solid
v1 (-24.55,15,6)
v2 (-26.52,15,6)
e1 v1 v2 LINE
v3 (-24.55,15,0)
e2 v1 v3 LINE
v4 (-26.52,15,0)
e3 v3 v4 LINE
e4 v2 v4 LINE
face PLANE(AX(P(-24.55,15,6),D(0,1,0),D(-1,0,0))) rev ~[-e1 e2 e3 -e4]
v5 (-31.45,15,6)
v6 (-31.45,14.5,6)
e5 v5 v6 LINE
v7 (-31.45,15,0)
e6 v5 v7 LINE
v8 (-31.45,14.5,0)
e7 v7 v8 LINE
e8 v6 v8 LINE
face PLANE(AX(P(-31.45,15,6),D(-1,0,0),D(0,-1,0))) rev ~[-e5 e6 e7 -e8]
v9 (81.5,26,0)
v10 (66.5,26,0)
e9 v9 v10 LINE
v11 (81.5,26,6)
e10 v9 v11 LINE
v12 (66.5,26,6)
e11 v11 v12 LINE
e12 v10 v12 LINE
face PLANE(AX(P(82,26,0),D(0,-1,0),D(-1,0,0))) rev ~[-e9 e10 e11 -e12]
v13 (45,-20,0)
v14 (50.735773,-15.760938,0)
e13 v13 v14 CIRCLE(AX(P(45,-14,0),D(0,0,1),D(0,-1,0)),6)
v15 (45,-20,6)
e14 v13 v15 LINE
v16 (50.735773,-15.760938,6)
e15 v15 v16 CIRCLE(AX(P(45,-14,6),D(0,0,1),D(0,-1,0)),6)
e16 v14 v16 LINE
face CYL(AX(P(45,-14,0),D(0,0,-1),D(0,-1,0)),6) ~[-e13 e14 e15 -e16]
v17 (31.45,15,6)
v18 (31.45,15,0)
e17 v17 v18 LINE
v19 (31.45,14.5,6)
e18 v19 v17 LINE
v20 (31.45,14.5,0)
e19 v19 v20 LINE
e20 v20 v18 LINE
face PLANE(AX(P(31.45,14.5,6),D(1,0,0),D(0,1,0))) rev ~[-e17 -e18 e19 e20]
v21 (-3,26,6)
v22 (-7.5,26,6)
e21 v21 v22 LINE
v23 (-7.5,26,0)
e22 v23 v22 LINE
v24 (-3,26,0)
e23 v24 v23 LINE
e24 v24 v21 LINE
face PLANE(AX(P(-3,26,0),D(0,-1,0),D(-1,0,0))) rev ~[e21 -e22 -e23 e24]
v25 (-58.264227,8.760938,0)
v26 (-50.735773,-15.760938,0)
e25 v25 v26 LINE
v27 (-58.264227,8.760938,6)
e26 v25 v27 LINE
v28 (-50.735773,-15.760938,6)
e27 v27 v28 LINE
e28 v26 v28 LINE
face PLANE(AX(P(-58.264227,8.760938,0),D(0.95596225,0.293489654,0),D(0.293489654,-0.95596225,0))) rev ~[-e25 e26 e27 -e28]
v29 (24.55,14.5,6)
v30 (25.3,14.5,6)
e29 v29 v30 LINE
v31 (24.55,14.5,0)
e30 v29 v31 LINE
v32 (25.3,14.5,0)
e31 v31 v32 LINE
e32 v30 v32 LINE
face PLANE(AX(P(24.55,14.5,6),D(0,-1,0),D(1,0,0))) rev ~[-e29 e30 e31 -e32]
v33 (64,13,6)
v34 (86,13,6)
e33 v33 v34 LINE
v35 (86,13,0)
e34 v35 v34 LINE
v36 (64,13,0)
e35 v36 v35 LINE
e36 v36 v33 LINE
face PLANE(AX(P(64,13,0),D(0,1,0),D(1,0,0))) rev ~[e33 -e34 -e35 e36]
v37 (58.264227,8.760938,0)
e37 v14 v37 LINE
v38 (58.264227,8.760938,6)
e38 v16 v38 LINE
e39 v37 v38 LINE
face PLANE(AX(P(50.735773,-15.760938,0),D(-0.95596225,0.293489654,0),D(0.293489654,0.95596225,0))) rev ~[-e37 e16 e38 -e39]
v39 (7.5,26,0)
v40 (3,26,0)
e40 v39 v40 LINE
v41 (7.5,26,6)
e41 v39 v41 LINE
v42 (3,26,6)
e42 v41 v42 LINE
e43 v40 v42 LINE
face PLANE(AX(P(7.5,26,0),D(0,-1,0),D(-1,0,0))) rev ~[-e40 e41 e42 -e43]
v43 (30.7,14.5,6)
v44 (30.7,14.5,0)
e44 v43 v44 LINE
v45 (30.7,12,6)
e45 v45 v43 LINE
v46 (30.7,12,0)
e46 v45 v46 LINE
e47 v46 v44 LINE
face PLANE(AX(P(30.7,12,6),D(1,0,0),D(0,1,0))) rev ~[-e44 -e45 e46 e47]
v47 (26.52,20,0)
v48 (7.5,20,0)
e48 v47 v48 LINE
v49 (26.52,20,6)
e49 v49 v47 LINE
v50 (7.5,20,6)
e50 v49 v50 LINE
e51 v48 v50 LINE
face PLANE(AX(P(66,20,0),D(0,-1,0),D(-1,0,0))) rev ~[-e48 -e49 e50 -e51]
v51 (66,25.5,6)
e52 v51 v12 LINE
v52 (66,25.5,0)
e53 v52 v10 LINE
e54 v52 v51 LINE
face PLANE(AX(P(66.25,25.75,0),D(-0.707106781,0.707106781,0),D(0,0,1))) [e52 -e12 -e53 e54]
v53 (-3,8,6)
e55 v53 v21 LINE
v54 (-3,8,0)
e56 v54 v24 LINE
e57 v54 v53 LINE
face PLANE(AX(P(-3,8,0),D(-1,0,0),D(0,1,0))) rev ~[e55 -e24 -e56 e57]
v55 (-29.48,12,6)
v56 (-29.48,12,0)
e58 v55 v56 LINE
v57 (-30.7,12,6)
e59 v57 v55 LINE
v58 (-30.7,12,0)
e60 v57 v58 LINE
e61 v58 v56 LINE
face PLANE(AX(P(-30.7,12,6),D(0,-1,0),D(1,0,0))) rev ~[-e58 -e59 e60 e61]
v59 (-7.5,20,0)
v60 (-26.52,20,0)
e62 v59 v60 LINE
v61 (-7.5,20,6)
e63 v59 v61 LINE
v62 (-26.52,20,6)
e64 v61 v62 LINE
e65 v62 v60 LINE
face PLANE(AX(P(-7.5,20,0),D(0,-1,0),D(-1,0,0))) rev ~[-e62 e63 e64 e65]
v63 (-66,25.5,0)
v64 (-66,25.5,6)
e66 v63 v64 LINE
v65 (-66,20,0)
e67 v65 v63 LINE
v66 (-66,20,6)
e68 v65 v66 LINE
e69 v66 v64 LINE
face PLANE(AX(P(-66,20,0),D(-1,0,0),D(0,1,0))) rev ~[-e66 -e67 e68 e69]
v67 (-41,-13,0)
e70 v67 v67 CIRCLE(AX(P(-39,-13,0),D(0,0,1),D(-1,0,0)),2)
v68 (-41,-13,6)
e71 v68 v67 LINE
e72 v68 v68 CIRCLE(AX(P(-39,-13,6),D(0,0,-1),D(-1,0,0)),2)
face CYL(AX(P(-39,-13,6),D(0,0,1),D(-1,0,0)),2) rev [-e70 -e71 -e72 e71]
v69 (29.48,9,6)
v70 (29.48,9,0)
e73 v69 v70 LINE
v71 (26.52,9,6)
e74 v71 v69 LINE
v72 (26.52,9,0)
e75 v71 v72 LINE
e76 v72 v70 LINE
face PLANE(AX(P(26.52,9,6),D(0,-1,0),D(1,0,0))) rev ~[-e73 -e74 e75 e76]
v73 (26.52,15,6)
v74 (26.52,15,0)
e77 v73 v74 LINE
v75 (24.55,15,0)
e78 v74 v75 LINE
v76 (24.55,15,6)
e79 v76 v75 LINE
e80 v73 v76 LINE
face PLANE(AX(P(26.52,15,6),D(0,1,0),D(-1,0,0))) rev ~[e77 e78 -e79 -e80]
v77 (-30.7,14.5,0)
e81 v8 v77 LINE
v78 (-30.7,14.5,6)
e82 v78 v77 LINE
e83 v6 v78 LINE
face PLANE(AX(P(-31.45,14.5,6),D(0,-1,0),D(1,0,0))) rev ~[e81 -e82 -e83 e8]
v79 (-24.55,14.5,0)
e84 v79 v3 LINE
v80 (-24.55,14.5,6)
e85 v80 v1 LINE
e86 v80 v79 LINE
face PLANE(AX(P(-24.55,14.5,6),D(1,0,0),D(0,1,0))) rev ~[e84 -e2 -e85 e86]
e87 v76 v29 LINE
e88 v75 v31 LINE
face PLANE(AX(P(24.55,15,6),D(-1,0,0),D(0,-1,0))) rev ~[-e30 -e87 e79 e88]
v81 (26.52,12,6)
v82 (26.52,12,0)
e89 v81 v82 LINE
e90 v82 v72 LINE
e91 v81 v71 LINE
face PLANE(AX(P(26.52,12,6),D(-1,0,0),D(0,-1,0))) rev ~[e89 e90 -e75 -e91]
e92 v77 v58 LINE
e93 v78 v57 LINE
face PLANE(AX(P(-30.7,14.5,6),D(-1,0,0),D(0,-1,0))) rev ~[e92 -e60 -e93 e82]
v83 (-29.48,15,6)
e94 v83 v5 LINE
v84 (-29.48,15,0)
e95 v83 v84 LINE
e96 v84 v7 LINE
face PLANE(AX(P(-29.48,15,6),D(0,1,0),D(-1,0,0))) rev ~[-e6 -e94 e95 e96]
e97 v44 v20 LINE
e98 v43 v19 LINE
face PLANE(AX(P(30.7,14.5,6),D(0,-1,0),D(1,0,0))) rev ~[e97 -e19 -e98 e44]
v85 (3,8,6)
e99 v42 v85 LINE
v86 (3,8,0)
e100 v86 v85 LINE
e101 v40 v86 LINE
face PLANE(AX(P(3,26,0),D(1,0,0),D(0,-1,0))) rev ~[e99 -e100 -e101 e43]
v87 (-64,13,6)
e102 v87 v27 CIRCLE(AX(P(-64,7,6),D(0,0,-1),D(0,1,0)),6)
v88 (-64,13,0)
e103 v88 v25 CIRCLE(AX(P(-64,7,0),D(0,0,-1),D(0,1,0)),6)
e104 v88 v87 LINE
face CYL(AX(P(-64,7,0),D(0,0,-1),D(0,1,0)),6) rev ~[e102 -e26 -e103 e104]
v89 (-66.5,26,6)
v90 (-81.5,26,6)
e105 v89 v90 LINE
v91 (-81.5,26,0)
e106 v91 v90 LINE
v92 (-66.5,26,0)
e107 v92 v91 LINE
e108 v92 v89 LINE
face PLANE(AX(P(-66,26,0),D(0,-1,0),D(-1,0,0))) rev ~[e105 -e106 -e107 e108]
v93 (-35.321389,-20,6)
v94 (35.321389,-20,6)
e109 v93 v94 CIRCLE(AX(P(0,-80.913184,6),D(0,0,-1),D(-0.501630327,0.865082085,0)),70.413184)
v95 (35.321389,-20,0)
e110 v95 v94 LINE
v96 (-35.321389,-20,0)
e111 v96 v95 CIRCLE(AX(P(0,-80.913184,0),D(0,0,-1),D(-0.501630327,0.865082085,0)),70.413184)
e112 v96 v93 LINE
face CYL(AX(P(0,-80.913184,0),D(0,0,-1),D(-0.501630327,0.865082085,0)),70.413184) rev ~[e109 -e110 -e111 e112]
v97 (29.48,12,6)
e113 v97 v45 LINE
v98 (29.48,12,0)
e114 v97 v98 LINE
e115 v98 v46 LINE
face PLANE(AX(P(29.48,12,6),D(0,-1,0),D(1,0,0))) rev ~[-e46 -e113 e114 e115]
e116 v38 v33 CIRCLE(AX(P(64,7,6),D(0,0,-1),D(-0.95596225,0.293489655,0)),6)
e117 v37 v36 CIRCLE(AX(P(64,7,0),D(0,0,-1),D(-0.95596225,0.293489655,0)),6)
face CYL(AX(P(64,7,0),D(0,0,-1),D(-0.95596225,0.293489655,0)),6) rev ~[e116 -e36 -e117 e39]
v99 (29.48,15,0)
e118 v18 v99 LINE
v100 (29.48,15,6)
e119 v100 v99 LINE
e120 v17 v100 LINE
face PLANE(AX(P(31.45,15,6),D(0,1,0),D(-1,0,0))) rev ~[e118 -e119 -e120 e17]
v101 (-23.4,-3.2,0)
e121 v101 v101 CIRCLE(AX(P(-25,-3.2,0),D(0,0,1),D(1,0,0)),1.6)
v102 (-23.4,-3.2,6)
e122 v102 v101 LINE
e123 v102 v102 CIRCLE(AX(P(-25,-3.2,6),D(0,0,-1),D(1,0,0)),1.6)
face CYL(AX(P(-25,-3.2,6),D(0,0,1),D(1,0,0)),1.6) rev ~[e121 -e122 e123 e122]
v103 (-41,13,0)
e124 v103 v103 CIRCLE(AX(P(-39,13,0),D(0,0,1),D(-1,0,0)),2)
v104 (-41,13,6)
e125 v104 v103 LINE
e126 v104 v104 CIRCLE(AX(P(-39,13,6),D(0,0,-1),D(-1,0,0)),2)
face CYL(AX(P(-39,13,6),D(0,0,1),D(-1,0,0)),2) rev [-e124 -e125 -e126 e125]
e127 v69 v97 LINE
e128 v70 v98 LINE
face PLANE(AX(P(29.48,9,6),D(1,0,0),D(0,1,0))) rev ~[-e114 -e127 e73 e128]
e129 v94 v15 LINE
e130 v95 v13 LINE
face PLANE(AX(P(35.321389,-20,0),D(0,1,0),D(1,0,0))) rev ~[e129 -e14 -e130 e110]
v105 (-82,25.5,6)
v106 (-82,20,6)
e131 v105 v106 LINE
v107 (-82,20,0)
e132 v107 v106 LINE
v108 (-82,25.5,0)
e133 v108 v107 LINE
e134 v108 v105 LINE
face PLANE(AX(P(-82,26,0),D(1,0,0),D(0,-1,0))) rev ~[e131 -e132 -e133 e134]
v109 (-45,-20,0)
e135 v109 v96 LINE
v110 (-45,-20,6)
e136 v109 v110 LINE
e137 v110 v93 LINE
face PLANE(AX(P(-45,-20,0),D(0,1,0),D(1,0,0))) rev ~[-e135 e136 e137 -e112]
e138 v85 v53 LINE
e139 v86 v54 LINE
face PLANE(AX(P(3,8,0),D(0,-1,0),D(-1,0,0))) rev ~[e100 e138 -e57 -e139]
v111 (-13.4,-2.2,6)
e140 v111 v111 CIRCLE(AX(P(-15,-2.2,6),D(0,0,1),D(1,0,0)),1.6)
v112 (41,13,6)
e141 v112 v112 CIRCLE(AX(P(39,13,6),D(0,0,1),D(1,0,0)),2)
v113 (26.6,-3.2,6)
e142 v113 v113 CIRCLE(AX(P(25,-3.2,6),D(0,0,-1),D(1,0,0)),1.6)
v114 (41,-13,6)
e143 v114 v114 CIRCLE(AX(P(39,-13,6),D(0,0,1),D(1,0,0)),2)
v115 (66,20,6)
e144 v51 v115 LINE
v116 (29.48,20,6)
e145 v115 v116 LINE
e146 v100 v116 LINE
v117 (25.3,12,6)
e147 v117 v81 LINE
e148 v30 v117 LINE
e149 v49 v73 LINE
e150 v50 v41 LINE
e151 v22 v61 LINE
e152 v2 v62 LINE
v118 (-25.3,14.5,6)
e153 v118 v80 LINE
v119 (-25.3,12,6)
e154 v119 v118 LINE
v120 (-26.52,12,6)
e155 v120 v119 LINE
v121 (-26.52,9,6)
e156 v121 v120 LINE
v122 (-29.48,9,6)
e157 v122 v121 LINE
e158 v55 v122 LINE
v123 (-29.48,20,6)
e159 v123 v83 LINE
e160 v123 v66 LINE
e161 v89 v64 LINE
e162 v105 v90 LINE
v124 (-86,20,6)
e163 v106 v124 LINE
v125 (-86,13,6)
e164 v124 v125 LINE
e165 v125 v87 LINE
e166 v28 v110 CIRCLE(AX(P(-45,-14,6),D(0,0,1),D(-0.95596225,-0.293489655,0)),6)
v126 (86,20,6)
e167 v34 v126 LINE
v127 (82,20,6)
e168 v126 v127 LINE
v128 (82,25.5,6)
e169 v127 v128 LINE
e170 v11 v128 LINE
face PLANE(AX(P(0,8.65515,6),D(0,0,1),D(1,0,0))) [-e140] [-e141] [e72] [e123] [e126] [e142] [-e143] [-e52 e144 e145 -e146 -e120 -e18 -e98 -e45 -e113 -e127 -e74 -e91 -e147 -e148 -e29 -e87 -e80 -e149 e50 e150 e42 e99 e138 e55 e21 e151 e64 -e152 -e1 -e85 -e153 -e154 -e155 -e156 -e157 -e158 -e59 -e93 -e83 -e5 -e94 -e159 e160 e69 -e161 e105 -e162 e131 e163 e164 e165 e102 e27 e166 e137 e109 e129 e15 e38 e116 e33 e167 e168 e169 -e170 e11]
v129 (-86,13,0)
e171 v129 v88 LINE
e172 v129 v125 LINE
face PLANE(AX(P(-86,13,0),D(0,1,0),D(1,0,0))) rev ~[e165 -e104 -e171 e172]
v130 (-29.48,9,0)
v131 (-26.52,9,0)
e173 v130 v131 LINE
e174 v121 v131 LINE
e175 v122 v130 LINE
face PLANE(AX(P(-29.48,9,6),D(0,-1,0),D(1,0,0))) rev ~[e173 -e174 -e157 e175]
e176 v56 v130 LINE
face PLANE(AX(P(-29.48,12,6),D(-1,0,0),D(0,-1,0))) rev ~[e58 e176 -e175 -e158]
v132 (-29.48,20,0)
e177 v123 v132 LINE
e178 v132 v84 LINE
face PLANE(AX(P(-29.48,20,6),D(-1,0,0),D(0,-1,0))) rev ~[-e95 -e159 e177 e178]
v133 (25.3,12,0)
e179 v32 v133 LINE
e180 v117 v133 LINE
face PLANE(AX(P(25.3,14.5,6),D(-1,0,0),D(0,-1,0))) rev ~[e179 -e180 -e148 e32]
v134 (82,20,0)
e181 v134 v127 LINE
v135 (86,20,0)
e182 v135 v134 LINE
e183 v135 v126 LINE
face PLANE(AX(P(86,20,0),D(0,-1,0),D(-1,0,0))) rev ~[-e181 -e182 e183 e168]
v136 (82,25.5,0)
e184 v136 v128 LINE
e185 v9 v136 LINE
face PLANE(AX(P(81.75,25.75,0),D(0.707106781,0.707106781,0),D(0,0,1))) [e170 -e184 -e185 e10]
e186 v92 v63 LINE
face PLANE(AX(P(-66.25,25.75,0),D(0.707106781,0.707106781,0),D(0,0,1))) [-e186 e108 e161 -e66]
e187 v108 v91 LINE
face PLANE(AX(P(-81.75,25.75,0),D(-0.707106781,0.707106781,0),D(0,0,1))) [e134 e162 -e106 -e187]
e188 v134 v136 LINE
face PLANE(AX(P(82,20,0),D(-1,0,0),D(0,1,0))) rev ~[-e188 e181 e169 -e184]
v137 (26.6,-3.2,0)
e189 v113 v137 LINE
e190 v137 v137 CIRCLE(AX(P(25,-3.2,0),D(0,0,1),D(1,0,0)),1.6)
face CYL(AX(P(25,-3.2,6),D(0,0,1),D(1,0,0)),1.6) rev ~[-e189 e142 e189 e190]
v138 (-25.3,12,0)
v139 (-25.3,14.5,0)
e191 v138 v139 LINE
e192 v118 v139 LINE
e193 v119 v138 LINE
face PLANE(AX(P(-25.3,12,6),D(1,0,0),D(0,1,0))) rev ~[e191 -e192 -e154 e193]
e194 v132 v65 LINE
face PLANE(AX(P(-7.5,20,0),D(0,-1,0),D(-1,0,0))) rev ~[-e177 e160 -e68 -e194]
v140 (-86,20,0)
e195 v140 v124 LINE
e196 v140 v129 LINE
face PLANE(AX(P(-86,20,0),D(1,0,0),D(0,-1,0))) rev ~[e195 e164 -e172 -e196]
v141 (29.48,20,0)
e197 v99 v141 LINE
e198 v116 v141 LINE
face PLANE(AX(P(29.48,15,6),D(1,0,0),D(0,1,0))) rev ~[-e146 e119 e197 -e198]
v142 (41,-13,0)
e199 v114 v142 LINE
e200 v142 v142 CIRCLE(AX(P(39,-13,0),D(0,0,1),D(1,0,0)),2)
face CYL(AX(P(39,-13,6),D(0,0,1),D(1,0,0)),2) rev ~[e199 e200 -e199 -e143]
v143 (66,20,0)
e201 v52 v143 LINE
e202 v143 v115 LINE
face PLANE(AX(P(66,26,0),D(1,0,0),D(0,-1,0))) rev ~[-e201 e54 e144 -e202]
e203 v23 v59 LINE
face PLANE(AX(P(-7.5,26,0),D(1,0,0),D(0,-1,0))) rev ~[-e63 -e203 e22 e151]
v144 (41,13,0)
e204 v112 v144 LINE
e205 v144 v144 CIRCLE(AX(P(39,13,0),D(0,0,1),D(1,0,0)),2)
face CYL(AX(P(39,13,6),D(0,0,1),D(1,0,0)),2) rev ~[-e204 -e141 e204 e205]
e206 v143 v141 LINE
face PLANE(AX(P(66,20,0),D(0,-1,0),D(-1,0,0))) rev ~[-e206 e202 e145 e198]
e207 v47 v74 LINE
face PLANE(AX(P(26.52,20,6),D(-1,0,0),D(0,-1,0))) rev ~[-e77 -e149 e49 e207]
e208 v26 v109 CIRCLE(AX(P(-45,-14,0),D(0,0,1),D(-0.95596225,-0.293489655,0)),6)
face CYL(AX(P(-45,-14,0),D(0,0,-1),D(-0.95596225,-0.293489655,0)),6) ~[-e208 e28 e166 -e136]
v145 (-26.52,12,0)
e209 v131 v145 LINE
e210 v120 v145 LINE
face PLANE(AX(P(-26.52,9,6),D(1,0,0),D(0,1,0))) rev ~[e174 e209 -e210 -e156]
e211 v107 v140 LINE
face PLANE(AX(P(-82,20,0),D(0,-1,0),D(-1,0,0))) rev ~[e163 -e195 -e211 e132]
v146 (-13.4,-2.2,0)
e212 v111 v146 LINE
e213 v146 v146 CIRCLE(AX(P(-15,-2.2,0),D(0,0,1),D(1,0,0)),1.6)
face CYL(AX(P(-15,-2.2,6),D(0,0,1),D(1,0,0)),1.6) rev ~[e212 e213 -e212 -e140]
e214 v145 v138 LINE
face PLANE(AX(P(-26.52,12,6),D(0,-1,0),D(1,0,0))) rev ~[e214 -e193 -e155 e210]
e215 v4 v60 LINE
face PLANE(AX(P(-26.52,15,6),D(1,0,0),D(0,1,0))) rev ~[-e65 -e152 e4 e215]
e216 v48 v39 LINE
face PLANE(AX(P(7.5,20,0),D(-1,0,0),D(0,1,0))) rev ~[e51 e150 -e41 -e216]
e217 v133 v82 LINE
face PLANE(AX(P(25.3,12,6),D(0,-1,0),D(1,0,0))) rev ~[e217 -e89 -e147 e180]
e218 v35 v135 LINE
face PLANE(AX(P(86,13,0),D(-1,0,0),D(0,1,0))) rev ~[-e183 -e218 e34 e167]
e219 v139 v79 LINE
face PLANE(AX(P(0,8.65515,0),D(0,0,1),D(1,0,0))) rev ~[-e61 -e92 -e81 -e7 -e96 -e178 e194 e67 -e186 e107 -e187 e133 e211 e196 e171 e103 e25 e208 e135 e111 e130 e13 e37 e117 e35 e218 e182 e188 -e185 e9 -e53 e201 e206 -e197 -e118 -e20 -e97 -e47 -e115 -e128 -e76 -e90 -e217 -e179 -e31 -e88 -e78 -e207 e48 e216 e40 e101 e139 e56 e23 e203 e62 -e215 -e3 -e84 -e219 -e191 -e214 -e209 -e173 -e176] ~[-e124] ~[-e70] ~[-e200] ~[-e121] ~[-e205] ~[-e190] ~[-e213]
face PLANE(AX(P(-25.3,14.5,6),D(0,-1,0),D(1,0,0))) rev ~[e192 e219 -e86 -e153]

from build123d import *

# Parameters (mm, degrees)
BOSS_EXTRUDE1_DEPTH = 6
SKETCH2_R           = 2
SKETCH2_R_2         = 1.6
CUT_EXTRUDE1_DEPTH  = 7
CHAMFER1_SIZE       = 0.5
CUT_EXTRUDE2_DEPTH  = 7
SKETCH5_R           = 1.6
CUT_EXTRUDE3_DEPTH  = 7


with BuildPart() as part:
    # Sketch1 → Boss-Extrude1 (new body)
    with BuildSketch(Plane.XY):
        with BuildLine():
            Line((-7.5, 20), (-66, 20))
            Line((-66, 20), (-66, 26))
            Line((-66, 26), (-82, 26))
            Line((-82, 26), (-82, 20))
            Line((-82, 20), (-86, 20))
            Line((-86, 20), (-86, 13))
            Line((-86, 13), (-64, 13))
            ThreePointArc((-64, 13), (-60.433883594, 11.825226811), (-58.264226502, 8.760937927))
            Line((-58.264226502, 8.760937927), (-50.735773498, -15.760937927))
            ThreePointArc((-50.735773498, -15.760937927), (-48.566116406, -18.825226811), (-45, -20))
            Line((-45, -20), (-35.321388767, -20))
            ThreePointArc((-35.321388767, -20), (0, -10.5), (35.321388767, -20))
            Line((35.321388767, -20), (45, -20))
            ThreePointArc((45, -20), (48.566116406, -18.825226811), (50.735773498, -15.760937927))
            Line((50.735773498, -15.760937927), (58.264226502, 8.760937927))
            ThreePointArc((58.264226502, 8.760937927), (60.433883594, 11.825226811), (64, 13))
            Line((64, 13), (86, 13))
            Line((86, 13), (86, 20))
            Line((86, 20), (82, 20))
            Line((82, 20), (82, 26))
            Line((82, 26), (66, 26))
            Line((66, 26), (66, 20))
            Line((66, 20), (7.5, 20))
            Line((7.5, 20), (7.5, 26))
            Line((7.5, 26), (3, 26))
            Line((3, 26), (3, 8))
            Line((3, 8), (-3, 8))
            Line((-3, 8), (-3, 26))
            Line((-3, 26), (-7.5, 26))
            Line((-7.5, 26), (-7.5, 20))
        make_face()
    extrude(amount=BOSS_EXTRUDE1_DEPTH)

    # Sketch2 → Cut-Extrude1 (cut, through all)
    with BuildSketch(Plane.XY.offset(6)):
        with Locations((39, -13)):
            Circle(SKETCH2_R)
        with Locations((39, 13)):
            Circle(SKETCH2_R)
        with Locations((25, -3.2)):
            Circle(SKETCH2_R_2)
        with Locations((-25, -3.2)):
            Circle(SKETCH2_R_2)
    cut_extrude1 = extrude(amount=-CUT_EXTRUDE1_DEPTH, mode=Mode.SUBTRACT)

    # Mirror1: Cut-Extrude1 across plane
    add(cut_extrude1.mirror(Plane(origin=(0, 0, 0), x_dir=(0, 0, 1), z_dir=(1, 0, 0))), mode=Mode.SUBTRACT)

    # Chamfer1
    chamfer1_edges = [part.edges().sort_by_distance(p)[0] for p in [
        (66, 26, 3),
        (82, 26, 3),
        (-82, 26, 3),
        (-66, 26, 3),
    ]]
    chamfer(chamfer1_edges, length=CHAMFER1_SIZE)

    # Sketch4 → Cut-Extrude2 (cut, through all)
    with BuildSketch(Plane.XY.offset(6)):
        Polygon((-29.48, 20), (-29.48, 15), (-31.45, 15), (-31.45, 14.5), (-30.7, 14.5), (-30.7, 12), (-29.48, 12), (-29.48, 9), (-26.52, 9), (-26.52, 12), (-25.3, 12), (-25.3, 14.5), (-24.55, 14.5), (-24.55, 15), (-26.52, 15), (-26.52, 20), align=None)
        Polygon((26.52, 20), (26.52, 15), (24.55, 15), (24.55, 14.5), (25.3, 14.5), (25.3, 12), (26.52, 12), (26.52, 9), (29.48, 9), (29.48, 12), (30.7, 12), (30.7, 14.5), (31.45, 14.5), (31.45, 15), (29.48, 15), (29.48, 20), align=None)
    extrude(amount=-CUT_EXTRUDE2_DEPTH, mode=Mode.SUBTRACT)

    # Sketch5 → Cut-Extrude3 (cut, through all)
    with BuildSketch(Plane.XY.offset(6)):
        with Locations((-15, -2.2)):
            Circle(SKETCH5_R)
    extrude(amount=-CUT_EXTRUDE3_DEPTH, mode=Mode.SUBTRACT)


solid = part.part
